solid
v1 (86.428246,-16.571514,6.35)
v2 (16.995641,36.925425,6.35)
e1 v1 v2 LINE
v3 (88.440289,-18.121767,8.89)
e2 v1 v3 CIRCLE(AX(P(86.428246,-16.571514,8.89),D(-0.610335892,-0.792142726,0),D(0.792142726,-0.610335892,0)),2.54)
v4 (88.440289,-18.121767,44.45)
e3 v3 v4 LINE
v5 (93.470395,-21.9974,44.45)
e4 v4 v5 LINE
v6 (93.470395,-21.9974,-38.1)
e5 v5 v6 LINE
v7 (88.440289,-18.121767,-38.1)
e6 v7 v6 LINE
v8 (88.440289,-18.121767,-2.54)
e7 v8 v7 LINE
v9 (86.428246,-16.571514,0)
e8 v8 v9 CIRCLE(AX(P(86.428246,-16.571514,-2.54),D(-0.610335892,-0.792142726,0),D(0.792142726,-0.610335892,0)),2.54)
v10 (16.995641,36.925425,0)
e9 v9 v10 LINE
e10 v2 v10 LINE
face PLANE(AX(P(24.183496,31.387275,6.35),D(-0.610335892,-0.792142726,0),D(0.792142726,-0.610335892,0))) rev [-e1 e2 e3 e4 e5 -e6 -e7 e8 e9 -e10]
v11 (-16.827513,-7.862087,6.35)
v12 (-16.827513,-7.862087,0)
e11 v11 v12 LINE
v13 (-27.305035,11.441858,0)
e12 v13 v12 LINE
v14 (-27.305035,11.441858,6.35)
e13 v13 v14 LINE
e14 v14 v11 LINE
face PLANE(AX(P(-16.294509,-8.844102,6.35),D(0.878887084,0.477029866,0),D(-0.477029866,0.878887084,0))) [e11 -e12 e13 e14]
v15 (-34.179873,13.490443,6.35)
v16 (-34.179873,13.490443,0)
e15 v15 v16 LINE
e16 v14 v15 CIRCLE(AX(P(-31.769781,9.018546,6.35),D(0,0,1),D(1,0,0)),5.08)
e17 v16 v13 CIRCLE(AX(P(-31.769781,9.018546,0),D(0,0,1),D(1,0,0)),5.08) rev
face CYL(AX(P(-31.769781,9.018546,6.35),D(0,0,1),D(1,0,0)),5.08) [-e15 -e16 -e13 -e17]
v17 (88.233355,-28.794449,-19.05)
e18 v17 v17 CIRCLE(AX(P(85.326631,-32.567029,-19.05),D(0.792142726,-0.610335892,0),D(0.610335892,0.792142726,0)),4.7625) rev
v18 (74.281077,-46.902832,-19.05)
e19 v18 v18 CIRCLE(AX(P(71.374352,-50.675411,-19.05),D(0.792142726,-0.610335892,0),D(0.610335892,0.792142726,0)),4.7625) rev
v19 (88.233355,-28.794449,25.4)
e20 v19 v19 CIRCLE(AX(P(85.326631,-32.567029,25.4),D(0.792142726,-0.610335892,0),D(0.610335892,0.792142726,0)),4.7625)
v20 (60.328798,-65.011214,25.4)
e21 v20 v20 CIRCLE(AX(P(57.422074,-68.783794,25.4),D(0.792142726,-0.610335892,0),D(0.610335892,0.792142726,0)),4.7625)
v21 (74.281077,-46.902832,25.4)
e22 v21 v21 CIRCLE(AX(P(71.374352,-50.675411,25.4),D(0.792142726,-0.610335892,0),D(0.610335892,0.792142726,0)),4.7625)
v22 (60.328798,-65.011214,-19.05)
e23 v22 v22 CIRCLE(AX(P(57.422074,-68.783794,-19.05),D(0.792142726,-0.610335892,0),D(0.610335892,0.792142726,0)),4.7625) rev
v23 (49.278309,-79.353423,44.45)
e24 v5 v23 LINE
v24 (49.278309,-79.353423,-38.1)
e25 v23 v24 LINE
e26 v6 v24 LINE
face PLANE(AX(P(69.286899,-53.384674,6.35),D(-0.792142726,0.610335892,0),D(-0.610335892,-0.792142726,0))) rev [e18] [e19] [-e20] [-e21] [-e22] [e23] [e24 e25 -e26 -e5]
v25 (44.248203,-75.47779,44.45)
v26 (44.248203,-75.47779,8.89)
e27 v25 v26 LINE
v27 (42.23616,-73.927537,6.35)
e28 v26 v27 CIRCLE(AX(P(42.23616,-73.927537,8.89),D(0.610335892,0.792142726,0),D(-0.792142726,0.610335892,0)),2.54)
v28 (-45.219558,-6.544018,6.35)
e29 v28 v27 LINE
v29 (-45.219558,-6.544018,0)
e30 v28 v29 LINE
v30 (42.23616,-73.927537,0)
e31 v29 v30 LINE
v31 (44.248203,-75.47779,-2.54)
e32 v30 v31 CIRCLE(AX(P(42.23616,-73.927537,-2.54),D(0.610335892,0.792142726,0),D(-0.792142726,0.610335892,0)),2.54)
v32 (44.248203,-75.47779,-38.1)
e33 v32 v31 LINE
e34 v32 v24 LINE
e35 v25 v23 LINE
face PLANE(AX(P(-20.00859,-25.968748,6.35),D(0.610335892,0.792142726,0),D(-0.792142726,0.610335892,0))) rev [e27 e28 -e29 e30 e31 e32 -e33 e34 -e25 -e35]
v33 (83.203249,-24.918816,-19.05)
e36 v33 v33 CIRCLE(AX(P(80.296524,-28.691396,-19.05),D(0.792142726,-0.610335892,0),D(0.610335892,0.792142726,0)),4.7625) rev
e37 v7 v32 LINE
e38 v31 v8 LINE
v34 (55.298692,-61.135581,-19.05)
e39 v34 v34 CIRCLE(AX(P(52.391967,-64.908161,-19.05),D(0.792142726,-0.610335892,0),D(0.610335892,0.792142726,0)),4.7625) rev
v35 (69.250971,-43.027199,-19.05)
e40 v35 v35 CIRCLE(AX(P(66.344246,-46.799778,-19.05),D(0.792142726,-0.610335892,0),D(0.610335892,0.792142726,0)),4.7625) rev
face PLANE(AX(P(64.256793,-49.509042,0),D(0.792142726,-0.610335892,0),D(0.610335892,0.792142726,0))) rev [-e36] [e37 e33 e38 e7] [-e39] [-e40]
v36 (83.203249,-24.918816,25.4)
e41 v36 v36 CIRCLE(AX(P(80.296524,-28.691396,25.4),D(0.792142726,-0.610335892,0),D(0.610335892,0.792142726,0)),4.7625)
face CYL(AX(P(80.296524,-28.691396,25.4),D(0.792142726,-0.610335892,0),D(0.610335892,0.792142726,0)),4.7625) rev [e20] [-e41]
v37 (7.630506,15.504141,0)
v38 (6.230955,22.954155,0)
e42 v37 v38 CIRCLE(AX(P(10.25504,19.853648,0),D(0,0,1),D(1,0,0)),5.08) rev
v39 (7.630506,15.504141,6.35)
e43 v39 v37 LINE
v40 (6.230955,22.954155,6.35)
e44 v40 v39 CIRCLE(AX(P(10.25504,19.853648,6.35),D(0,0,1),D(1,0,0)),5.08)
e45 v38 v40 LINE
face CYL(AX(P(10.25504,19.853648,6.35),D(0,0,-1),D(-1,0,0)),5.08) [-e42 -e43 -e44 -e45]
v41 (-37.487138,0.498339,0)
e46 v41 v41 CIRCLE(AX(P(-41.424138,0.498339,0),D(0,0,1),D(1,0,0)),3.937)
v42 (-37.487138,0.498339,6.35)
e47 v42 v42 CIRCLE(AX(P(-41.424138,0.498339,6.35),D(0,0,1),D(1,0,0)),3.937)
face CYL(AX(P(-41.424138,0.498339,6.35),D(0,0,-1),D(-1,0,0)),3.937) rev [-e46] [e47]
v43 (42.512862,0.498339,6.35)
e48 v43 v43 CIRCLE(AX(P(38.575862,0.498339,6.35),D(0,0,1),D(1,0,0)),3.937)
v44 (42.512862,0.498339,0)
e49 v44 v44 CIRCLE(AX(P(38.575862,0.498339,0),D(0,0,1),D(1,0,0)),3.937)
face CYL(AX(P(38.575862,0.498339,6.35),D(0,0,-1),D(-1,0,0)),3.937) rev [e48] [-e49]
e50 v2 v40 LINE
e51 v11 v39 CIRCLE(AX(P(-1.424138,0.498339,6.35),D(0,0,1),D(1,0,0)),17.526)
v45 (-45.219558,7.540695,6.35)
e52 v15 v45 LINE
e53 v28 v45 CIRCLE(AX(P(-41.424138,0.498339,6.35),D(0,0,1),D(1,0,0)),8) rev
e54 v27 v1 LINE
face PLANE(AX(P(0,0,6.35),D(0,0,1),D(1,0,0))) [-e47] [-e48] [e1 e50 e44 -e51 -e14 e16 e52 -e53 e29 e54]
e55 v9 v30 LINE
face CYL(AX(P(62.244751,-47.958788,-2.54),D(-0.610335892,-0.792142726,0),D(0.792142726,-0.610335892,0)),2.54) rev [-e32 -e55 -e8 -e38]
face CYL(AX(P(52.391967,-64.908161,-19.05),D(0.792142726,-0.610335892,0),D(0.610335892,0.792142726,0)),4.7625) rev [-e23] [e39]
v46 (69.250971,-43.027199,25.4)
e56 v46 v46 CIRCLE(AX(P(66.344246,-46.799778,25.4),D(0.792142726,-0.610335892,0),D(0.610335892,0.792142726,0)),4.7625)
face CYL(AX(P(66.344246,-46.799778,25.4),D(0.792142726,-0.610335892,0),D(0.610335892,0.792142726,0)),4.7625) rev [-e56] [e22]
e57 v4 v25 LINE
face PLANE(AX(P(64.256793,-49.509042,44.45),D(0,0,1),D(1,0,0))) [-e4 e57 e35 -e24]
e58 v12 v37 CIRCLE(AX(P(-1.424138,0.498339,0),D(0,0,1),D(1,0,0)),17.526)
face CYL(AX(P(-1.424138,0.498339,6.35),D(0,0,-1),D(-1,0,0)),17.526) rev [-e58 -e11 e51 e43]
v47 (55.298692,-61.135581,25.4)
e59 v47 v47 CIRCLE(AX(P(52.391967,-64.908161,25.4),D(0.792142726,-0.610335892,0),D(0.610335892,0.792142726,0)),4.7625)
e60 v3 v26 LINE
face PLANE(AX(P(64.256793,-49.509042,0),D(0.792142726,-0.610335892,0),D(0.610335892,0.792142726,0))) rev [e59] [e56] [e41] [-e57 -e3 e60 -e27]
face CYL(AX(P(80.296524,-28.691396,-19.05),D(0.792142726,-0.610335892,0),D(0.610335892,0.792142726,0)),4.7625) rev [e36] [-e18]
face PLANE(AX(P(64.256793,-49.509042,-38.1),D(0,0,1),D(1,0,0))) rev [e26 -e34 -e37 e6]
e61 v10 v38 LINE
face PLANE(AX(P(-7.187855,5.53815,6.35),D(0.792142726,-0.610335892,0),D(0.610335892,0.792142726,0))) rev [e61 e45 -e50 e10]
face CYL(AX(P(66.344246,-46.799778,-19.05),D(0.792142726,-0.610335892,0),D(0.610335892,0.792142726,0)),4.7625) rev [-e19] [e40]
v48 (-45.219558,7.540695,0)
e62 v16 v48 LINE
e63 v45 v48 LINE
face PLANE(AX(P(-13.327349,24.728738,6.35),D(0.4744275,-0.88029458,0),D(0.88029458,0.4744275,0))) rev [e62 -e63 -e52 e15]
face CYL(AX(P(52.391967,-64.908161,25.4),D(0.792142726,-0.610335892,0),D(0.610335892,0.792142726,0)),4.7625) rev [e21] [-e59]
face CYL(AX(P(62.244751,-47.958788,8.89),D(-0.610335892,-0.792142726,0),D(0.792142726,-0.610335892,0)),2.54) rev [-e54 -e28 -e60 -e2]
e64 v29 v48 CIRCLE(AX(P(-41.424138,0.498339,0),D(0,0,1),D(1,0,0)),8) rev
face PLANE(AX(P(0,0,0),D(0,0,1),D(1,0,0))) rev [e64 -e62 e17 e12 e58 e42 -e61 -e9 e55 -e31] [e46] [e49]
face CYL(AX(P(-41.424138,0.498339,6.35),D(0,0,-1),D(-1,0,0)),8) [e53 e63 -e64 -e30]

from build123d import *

# Parameters (mm, degrees)
SKETCH1_R           = 3.937
BOSS_EXTRUDE1_DEPTH = 6.35
SKETCH2_W           = 38.1
SKETCH2_H           = 72.406172823
SKETCH2_R           = 4.7625
BOSS_EXTRUDE2_DEPTH = 6.35
FILLET1_R           = 2.54
FILLET2_R           = 5.08


with BuildPart() as part:
    # Sketch1 → Boss-Extrude1 (new body)
    with BuildSketch(Plane.XY):
        with BuildLine():
            ThreePointArc((-16.827513409, -7.862086917), (12.639466563, -9.959944911), (2.148977793, 17.656238065))
            Line((2.148977793, 17.656238065), (16.995641365, 36.92542525))
            Line((16.995641365, 36.92542525), (93.470395294, -21.997399694))
            Line((93.470395294, -21.997399694), (83.897723102, -34.421579135))
            Line((83.897723102, -34.421579135), (54.096930983, -73.099430143))
            Line((54.096930983, -73.099430143), (49.278309192, -79.35342282))
            Line((49.278309192, -79.35342282), (-45.219558371, -6.544018121))
            ThreePointArc((-45.219558371, -6.544018121), (-49.424138371, 0.498338517), (-45.219558371, 7.540695156))
            Line((-45.219558371, 7.540695156), (-29.721187426, 15.893414291))
            Line((-29.721187426, 15.893414291), (-16.827513409, -7.862086917))
        make_face()
        with Locations((-41.424138371, 0.498338517)):
            Circle(SKETCH1_R, mode=Mode.SUBTRACT)
        with Locations((38.575861629, 0.498338517)):
            Circle(SKETCH1_R, mode=Mode.SUBTRACT)
    extrude(amount=BOSS_EXTRUDE1_DEPTH)

    # Sketch2 → Boss-Extrude2 (add)
    # profile 1 of 2: a face of its own
    with BuildSketch(Plane(origin=(69.2868994, -53.384674478, 0), x_dir=(0, 0, -1), z_dir=(0.7921427260999971, -0.6103358923468823, 0))):
        with Locations((19.05, 3.420170547)):
            Rectangle(SKETCH2_W, SKETCH2_H)
        with Locations(Location((19.05, 26.280170547, 0), (0, 0, 90))):
            Circle(SKETCH2_R, mode=Mode.SUBTRACT)
        with Locations(Location((19.05, -19.439829453, 0), (0, 0, 90))):
            Circle(SKETCH2_R, mode=Mode.SUBTRACT)
        with Locations(Location((19.05, 3.420170547, 0), (0, 0, 90))):
            Circle(SKETCH2_R, mode=Mode.SUBTRACT)
    # profile 2 of 2: a face of its own
    with BuildSketch(Plane(origin=(69.2868994, -53.384674478, 0), x_dir=(0, 0, -1), z_dir=(0.7921427260999971, -0.6103358923468823, 0))):
        with Locations((-25.4, 3.420170547)):
            Rectangle(SKETCH2_W, SKETCH2_H)
        with Locations(Location((-25.4, -19.439829453, 0), (0, 0, 90))):
            Circle(SKETCH2_R, mode=Mode.SUBTRACT)
        with Locations(Location((-25.4, 26.280170547, 0), (0, 0, 90))):
            Circle(SKETCH2_R, mode=Mode.SUBTRACT)
        with Locations(Location((-25.4, 3.420170547, 0), (0, 0, 90))):
            Circle(SKETCH2_R, mode=Mode.SUBTRACT)
    extrude(amount=-BOSS_EXTRUDE2_DEPTH)

    # Fillet1
    fillet1_edges = [part.edges().sort_by_distance(p)[0] for p in [
        (66.344245932, -46.799778341, 0),
        (66.344245932, -46.799778341, 6.35),
    ]]
    fillet(fillet1_edges, radius=FILLET1_R)

    # Fillet2
    fillet2_edges = [part.edges().sort_by_distance(p)[0] for p in [
        (2.148977793, 17.656238065, 3.175),
        (-29.721187426, 15.893414291, 3.175),
    ]]
    fillet(fillet2_edges, radius=FILLET2_R)


solid = part.part
